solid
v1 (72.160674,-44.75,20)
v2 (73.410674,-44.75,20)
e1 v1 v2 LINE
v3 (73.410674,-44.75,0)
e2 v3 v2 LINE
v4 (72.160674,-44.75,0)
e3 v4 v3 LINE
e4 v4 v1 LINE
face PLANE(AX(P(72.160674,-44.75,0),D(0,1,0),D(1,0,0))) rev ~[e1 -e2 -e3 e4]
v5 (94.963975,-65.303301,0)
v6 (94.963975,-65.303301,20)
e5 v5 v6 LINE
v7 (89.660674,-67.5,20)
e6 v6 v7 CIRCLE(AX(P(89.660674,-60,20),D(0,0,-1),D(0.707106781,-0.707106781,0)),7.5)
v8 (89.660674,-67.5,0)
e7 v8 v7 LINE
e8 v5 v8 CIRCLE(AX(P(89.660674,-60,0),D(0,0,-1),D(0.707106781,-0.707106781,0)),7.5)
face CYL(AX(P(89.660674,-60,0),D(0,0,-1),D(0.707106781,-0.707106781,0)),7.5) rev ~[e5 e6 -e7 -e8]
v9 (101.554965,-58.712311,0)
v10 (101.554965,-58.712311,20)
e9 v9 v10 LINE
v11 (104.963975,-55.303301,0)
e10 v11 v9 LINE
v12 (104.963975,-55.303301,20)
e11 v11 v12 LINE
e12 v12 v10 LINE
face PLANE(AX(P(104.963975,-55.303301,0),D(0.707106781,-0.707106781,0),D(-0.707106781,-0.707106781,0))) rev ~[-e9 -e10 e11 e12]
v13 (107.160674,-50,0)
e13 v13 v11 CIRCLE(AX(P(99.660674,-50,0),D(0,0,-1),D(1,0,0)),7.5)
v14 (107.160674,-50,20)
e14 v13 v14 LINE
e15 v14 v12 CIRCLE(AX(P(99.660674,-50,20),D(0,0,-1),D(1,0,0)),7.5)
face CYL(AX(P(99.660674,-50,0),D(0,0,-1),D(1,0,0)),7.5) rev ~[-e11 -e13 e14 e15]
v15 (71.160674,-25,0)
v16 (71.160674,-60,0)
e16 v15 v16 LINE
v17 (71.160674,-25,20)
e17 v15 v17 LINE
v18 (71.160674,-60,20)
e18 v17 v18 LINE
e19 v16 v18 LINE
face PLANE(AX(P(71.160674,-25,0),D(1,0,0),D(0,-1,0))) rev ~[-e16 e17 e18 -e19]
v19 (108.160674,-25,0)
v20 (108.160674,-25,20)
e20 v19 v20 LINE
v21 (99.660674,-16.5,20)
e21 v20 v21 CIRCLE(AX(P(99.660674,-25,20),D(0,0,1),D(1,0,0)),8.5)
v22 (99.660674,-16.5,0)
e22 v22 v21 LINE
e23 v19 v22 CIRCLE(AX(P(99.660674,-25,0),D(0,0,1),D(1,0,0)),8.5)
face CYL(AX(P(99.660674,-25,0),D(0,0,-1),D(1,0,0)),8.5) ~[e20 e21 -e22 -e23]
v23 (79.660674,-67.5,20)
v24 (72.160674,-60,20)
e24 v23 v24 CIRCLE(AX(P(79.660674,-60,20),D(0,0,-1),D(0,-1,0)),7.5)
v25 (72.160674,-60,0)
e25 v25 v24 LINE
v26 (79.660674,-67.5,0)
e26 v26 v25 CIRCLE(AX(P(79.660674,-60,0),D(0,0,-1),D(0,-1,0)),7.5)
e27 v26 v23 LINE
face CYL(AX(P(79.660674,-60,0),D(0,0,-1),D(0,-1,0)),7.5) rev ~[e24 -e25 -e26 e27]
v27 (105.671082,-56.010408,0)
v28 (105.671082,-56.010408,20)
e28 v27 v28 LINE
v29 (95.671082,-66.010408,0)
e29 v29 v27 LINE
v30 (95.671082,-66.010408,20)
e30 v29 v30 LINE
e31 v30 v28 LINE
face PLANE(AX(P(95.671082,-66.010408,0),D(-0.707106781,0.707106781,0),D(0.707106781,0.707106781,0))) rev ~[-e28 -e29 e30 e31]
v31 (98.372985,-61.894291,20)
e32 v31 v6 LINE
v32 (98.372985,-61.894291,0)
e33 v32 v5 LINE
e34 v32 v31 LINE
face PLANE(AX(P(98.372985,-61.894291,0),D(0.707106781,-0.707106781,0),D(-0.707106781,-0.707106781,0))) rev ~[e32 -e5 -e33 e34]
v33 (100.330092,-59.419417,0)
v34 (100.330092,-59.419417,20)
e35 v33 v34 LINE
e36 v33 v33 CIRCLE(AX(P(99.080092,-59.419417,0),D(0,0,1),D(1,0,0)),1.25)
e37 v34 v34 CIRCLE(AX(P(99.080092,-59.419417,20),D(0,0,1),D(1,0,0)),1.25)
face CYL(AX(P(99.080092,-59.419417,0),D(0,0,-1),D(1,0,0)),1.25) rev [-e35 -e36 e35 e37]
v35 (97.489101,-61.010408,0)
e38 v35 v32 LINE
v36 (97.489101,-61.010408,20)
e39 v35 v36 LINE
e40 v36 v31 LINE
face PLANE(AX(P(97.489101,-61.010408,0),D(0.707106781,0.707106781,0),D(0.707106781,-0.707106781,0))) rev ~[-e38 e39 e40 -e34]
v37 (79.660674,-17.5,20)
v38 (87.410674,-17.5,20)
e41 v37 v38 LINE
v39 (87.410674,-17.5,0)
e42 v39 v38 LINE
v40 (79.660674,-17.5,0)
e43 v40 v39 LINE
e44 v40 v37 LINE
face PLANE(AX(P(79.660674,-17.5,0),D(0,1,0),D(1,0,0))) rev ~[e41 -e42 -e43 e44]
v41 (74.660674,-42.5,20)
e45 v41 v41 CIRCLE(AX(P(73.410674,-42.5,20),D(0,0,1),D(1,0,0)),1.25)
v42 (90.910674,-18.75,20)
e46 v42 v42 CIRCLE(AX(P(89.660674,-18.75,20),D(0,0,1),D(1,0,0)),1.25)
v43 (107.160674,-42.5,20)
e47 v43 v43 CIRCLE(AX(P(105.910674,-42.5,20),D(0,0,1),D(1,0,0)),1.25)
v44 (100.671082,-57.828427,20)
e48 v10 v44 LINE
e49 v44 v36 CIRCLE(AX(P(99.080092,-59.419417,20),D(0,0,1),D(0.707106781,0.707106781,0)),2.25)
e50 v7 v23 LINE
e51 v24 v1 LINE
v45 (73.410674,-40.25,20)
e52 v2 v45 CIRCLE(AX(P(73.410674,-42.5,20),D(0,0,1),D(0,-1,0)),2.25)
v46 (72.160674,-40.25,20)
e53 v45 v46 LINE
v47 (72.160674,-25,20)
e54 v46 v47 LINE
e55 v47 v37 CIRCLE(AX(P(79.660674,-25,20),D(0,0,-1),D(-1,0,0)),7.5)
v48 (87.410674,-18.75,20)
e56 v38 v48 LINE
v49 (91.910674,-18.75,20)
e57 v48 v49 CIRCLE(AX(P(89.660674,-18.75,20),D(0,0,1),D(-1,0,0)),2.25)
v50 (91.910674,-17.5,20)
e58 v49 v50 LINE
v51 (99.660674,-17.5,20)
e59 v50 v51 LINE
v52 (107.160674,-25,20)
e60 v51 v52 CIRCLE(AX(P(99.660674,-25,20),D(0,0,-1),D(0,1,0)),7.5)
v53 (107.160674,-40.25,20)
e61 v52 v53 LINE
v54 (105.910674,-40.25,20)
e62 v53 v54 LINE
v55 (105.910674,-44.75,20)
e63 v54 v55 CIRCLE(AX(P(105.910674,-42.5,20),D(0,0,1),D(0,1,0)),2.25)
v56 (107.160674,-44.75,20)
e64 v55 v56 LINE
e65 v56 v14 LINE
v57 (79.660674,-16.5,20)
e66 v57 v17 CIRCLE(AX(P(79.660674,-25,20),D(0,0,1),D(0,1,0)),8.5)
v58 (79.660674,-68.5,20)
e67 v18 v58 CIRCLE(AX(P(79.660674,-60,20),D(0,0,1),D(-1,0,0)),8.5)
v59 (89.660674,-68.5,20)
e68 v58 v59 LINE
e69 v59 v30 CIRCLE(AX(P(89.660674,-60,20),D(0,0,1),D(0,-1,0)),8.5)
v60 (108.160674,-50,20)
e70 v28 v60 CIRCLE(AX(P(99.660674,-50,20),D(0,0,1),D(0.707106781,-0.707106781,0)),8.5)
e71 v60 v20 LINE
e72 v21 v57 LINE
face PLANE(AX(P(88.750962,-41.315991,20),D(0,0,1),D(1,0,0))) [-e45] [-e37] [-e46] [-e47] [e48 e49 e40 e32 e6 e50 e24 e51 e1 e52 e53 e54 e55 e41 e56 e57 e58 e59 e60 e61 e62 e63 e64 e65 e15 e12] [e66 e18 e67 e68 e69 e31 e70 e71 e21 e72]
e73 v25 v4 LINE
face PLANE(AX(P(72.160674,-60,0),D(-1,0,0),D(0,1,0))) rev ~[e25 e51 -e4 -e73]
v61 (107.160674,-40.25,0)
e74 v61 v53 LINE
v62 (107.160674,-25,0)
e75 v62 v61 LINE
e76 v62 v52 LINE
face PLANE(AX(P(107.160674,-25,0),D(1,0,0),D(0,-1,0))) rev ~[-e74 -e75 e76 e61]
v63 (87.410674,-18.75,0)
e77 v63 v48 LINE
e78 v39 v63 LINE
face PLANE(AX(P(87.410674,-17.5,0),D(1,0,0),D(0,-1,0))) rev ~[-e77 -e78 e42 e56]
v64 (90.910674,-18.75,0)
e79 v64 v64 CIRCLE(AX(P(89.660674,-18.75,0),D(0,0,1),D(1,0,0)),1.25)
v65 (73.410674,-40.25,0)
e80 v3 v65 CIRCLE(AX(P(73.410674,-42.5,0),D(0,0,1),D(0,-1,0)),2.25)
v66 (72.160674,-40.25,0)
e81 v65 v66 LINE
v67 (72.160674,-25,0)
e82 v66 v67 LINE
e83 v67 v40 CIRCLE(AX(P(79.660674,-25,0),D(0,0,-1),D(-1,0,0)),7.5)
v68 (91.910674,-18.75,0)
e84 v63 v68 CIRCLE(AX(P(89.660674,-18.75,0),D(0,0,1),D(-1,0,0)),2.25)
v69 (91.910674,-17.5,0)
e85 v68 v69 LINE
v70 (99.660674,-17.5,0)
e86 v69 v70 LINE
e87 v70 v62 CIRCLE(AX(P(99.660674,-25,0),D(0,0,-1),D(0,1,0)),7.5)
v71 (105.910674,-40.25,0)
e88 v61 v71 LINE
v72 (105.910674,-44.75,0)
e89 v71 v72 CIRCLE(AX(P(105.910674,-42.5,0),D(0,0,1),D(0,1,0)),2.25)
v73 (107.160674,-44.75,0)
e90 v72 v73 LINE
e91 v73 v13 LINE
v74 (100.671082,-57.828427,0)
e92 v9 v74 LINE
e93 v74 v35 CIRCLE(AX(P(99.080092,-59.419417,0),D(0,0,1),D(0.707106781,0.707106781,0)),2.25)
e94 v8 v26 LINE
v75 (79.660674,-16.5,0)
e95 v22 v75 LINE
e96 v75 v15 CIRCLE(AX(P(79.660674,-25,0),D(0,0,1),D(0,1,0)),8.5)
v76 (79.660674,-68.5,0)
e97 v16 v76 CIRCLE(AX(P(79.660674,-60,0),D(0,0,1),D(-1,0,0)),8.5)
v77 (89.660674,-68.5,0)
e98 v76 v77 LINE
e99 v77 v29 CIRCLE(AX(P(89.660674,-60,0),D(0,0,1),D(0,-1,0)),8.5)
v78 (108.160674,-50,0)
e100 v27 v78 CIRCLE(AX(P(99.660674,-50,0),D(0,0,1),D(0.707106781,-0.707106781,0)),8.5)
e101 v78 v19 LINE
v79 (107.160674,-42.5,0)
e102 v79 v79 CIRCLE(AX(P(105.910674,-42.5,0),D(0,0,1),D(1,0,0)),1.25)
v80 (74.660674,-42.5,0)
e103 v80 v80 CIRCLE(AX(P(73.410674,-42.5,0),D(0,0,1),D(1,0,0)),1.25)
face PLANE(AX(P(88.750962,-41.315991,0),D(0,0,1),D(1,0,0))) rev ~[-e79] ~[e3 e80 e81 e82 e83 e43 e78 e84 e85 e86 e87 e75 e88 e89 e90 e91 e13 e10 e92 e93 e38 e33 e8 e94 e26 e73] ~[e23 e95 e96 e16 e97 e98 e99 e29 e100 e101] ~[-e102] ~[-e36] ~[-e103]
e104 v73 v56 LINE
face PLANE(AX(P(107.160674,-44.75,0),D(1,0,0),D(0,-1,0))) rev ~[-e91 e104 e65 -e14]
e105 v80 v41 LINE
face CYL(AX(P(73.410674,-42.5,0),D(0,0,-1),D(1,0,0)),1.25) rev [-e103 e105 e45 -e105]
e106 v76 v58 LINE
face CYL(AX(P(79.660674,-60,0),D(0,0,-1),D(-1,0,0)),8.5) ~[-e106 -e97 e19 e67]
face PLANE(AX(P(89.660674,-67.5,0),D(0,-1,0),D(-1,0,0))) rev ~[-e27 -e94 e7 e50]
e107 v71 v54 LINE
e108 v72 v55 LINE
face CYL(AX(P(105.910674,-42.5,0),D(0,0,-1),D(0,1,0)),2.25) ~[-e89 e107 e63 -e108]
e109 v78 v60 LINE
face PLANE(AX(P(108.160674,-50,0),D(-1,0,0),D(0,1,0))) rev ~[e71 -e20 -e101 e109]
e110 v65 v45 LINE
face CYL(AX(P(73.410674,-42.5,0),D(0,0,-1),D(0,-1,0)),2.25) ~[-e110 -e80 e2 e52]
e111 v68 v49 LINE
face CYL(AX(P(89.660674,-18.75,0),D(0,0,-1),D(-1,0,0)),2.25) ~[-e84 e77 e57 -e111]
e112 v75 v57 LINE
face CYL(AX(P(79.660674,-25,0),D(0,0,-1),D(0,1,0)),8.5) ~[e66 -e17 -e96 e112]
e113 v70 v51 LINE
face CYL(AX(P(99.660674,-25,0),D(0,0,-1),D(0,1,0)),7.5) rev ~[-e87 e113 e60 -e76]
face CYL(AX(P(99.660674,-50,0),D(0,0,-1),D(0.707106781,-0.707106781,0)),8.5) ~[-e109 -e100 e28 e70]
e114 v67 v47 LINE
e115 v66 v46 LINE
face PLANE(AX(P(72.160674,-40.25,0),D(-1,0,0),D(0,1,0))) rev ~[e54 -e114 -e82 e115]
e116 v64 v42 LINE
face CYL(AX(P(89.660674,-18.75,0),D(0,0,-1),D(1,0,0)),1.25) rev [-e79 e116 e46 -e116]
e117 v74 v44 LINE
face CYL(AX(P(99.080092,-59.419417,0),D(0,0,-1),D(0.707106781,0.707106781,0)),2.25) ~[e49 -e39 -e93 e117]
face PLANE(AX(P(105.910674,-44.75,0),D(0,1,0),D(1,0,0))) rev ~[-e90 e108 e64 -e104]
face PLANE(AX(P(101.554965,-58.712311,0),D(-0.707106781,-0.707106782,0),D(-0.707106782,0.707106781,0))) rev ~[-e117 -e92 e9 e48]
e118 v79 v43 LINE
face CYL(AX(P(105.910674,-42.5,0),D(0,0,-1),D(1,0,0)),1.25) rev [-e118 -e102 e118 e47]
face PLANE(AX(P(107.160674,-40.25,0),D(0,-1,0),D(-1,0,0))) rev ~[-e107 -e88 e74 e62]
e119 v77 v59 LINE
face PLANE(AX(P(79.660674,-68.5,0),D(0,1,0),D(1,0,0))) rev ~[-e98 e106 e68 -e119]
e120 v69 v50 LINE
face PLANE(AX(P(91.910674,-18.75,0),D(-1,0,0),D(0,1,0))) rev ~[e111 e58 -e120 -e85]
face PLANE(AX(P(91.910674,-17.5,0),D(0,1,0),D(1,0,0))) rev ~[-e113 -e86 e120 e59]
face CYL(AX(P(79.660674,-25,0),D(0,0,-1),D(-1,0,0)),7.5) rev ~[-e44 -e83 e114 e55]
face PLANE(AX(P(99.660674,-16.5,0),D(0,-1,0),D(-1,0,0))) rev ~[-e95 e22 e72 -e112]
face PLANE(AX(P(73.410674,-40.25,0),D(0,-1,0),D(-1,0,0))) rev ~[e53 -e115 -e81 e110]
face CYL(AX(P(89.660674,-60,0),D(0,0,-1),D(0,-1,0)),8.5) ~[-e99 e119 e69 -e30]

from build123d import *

# Parameters (mm, degrees)
SKETCH1_R           = 1.25
BOSS_EXTRUDE1_DEPTH = 20


with BuildPart() as part:
    # Sketch1 → Boss-Extrude1 (new body)
    with BuildSketch(Plane.XY):
        with BuildLine():
            Line((95.67108193, -66.01040764), (105.67108193, -56.01040764))
            ThreePointArc((105.67108193, -56.01040764), (107.513650317, -53.252809175), (108.16067429, -50))
            Line((108.16067429, -50), (108.16067429, -25))
            ThreePointArc((108.16067429, -25), (105.67108193, -18.98959236), (99.66067429, -16.5))
            Line((99.66067429, -16.5), (79.66067429, -16.5))
            ThreePointArc((79.66067429, -16.5), (73.65026665, -18.98959236), (71.16067429, -25))
            Line((71.16067429, -25), (71.16067429, -60))
            ThreePointArc((71.16067429, -60), (73.65026665, -66.01040764), (79.66067429, -68.5))
            Line((79.66067429, -68.5), (89.66067429, -68.5))
            ThreePointArc((89.66067429, -68.5), (92.913483465, -67.852976026), (95.67108193, -66.01040764))
        make_face()
        with Locations((73.41067429, -42.5)):
            Circle(SKETCH1_R, mode=Mode.SUBTRACT)
        with BuildLine():
            Line((104.963975149, -55.303300859), (101.554965407, -58.712310601))
            Line((101.554965407, -58.712310601), (100.67108193, -57.828427125))
            ThreePointArc((100.67108193, -57.828427125), (97.489101415, -57.828427125), (97.489101415, -61.01040764))
            Line((97.489101415, -61.01040764), (98.372984892, -61.894291117))
            Line((98.372984892, -61.894291117), (94.963975149, -65.303300859))
            ThreePointArc((94.963975149, -65.303300859), (92.530800033, -66.929096494), (89.66067429, -67.5))
            Line((89.66067429, -67.5), (79.66067429, -67.5))
            ThreePointArc((79.66067429, -67.5), (74.357373431, -65.303300859), (72.16067429, -60))
            Line((72.16067429, -60), (72.16067429, -44.75))
            Line((72.16067429, -44.75), (73.41067429, -44.75))
            ThreePointArc((73.41067429, -44.75), (75.66067429, -42.5), (73.41067429, -40.25))
            Line((73.41067429, -40.25), (72.16067429, -40.25))
            Line((72.16067429, -40.25), (72.16067429, -25))
            ThreePointArc((72.16067429, -25), (74.357373431, -19.696699141), (79.66067429, -17.5))
            Line((79.66067429, -17.5), (87.41067429, -17.5))
            Line((87.41067429, -17.5), (87.41067429, -18.75))
            ThreePointArc((87.41067429, -18.75), (89.66067429, -21), (91.91067429, -18.75))
            Line((91.91067429, -18.75), (91.91067429, -17.5))
            Line((91.91067429, -17.5), (99.66067429, -17.5))
            ThreePointArc((99.66067429, -17.5), (104.963975149, -19.696699141), (107.16067429, -25))
            Line((107.16067429, -25), (107.16067429, -40.25))
            Line((107.16067429, -40.25), (105.91067429, -40.25))
            ThreePointArc((105.91067429, -40.25), (103.66067429, -42.5), (105.91067429, -44.75))
            Line((105.91067429, -44.75), (107.16067429, -44.75))
            Line((107.16067429, -44.75), (107.16067429, -50))
            ThreePointArc((107.16067429, -50), (106.589770784, -52.870125743), (104.963975149, -55.303300859))
        make_face(mode=Mode.SUBTRACT)
        with Locations((89.66067429, -18.75)):
            Circle(SKETCH1_R, mode=Mode.SUBTRACT)
        with Locations((105.91067429, -42.5)):
            Circle(SKETCH1_R, mode=Mode.SUBTRACT)
        with Locations((99.080091673, -59.419417382)):
            Circle(SKETCH1_R, mode=Mode.SUBTRACT)
    extrude(amount=BOSS_EXTRUDE1_DEPTH)


solid = part.part
